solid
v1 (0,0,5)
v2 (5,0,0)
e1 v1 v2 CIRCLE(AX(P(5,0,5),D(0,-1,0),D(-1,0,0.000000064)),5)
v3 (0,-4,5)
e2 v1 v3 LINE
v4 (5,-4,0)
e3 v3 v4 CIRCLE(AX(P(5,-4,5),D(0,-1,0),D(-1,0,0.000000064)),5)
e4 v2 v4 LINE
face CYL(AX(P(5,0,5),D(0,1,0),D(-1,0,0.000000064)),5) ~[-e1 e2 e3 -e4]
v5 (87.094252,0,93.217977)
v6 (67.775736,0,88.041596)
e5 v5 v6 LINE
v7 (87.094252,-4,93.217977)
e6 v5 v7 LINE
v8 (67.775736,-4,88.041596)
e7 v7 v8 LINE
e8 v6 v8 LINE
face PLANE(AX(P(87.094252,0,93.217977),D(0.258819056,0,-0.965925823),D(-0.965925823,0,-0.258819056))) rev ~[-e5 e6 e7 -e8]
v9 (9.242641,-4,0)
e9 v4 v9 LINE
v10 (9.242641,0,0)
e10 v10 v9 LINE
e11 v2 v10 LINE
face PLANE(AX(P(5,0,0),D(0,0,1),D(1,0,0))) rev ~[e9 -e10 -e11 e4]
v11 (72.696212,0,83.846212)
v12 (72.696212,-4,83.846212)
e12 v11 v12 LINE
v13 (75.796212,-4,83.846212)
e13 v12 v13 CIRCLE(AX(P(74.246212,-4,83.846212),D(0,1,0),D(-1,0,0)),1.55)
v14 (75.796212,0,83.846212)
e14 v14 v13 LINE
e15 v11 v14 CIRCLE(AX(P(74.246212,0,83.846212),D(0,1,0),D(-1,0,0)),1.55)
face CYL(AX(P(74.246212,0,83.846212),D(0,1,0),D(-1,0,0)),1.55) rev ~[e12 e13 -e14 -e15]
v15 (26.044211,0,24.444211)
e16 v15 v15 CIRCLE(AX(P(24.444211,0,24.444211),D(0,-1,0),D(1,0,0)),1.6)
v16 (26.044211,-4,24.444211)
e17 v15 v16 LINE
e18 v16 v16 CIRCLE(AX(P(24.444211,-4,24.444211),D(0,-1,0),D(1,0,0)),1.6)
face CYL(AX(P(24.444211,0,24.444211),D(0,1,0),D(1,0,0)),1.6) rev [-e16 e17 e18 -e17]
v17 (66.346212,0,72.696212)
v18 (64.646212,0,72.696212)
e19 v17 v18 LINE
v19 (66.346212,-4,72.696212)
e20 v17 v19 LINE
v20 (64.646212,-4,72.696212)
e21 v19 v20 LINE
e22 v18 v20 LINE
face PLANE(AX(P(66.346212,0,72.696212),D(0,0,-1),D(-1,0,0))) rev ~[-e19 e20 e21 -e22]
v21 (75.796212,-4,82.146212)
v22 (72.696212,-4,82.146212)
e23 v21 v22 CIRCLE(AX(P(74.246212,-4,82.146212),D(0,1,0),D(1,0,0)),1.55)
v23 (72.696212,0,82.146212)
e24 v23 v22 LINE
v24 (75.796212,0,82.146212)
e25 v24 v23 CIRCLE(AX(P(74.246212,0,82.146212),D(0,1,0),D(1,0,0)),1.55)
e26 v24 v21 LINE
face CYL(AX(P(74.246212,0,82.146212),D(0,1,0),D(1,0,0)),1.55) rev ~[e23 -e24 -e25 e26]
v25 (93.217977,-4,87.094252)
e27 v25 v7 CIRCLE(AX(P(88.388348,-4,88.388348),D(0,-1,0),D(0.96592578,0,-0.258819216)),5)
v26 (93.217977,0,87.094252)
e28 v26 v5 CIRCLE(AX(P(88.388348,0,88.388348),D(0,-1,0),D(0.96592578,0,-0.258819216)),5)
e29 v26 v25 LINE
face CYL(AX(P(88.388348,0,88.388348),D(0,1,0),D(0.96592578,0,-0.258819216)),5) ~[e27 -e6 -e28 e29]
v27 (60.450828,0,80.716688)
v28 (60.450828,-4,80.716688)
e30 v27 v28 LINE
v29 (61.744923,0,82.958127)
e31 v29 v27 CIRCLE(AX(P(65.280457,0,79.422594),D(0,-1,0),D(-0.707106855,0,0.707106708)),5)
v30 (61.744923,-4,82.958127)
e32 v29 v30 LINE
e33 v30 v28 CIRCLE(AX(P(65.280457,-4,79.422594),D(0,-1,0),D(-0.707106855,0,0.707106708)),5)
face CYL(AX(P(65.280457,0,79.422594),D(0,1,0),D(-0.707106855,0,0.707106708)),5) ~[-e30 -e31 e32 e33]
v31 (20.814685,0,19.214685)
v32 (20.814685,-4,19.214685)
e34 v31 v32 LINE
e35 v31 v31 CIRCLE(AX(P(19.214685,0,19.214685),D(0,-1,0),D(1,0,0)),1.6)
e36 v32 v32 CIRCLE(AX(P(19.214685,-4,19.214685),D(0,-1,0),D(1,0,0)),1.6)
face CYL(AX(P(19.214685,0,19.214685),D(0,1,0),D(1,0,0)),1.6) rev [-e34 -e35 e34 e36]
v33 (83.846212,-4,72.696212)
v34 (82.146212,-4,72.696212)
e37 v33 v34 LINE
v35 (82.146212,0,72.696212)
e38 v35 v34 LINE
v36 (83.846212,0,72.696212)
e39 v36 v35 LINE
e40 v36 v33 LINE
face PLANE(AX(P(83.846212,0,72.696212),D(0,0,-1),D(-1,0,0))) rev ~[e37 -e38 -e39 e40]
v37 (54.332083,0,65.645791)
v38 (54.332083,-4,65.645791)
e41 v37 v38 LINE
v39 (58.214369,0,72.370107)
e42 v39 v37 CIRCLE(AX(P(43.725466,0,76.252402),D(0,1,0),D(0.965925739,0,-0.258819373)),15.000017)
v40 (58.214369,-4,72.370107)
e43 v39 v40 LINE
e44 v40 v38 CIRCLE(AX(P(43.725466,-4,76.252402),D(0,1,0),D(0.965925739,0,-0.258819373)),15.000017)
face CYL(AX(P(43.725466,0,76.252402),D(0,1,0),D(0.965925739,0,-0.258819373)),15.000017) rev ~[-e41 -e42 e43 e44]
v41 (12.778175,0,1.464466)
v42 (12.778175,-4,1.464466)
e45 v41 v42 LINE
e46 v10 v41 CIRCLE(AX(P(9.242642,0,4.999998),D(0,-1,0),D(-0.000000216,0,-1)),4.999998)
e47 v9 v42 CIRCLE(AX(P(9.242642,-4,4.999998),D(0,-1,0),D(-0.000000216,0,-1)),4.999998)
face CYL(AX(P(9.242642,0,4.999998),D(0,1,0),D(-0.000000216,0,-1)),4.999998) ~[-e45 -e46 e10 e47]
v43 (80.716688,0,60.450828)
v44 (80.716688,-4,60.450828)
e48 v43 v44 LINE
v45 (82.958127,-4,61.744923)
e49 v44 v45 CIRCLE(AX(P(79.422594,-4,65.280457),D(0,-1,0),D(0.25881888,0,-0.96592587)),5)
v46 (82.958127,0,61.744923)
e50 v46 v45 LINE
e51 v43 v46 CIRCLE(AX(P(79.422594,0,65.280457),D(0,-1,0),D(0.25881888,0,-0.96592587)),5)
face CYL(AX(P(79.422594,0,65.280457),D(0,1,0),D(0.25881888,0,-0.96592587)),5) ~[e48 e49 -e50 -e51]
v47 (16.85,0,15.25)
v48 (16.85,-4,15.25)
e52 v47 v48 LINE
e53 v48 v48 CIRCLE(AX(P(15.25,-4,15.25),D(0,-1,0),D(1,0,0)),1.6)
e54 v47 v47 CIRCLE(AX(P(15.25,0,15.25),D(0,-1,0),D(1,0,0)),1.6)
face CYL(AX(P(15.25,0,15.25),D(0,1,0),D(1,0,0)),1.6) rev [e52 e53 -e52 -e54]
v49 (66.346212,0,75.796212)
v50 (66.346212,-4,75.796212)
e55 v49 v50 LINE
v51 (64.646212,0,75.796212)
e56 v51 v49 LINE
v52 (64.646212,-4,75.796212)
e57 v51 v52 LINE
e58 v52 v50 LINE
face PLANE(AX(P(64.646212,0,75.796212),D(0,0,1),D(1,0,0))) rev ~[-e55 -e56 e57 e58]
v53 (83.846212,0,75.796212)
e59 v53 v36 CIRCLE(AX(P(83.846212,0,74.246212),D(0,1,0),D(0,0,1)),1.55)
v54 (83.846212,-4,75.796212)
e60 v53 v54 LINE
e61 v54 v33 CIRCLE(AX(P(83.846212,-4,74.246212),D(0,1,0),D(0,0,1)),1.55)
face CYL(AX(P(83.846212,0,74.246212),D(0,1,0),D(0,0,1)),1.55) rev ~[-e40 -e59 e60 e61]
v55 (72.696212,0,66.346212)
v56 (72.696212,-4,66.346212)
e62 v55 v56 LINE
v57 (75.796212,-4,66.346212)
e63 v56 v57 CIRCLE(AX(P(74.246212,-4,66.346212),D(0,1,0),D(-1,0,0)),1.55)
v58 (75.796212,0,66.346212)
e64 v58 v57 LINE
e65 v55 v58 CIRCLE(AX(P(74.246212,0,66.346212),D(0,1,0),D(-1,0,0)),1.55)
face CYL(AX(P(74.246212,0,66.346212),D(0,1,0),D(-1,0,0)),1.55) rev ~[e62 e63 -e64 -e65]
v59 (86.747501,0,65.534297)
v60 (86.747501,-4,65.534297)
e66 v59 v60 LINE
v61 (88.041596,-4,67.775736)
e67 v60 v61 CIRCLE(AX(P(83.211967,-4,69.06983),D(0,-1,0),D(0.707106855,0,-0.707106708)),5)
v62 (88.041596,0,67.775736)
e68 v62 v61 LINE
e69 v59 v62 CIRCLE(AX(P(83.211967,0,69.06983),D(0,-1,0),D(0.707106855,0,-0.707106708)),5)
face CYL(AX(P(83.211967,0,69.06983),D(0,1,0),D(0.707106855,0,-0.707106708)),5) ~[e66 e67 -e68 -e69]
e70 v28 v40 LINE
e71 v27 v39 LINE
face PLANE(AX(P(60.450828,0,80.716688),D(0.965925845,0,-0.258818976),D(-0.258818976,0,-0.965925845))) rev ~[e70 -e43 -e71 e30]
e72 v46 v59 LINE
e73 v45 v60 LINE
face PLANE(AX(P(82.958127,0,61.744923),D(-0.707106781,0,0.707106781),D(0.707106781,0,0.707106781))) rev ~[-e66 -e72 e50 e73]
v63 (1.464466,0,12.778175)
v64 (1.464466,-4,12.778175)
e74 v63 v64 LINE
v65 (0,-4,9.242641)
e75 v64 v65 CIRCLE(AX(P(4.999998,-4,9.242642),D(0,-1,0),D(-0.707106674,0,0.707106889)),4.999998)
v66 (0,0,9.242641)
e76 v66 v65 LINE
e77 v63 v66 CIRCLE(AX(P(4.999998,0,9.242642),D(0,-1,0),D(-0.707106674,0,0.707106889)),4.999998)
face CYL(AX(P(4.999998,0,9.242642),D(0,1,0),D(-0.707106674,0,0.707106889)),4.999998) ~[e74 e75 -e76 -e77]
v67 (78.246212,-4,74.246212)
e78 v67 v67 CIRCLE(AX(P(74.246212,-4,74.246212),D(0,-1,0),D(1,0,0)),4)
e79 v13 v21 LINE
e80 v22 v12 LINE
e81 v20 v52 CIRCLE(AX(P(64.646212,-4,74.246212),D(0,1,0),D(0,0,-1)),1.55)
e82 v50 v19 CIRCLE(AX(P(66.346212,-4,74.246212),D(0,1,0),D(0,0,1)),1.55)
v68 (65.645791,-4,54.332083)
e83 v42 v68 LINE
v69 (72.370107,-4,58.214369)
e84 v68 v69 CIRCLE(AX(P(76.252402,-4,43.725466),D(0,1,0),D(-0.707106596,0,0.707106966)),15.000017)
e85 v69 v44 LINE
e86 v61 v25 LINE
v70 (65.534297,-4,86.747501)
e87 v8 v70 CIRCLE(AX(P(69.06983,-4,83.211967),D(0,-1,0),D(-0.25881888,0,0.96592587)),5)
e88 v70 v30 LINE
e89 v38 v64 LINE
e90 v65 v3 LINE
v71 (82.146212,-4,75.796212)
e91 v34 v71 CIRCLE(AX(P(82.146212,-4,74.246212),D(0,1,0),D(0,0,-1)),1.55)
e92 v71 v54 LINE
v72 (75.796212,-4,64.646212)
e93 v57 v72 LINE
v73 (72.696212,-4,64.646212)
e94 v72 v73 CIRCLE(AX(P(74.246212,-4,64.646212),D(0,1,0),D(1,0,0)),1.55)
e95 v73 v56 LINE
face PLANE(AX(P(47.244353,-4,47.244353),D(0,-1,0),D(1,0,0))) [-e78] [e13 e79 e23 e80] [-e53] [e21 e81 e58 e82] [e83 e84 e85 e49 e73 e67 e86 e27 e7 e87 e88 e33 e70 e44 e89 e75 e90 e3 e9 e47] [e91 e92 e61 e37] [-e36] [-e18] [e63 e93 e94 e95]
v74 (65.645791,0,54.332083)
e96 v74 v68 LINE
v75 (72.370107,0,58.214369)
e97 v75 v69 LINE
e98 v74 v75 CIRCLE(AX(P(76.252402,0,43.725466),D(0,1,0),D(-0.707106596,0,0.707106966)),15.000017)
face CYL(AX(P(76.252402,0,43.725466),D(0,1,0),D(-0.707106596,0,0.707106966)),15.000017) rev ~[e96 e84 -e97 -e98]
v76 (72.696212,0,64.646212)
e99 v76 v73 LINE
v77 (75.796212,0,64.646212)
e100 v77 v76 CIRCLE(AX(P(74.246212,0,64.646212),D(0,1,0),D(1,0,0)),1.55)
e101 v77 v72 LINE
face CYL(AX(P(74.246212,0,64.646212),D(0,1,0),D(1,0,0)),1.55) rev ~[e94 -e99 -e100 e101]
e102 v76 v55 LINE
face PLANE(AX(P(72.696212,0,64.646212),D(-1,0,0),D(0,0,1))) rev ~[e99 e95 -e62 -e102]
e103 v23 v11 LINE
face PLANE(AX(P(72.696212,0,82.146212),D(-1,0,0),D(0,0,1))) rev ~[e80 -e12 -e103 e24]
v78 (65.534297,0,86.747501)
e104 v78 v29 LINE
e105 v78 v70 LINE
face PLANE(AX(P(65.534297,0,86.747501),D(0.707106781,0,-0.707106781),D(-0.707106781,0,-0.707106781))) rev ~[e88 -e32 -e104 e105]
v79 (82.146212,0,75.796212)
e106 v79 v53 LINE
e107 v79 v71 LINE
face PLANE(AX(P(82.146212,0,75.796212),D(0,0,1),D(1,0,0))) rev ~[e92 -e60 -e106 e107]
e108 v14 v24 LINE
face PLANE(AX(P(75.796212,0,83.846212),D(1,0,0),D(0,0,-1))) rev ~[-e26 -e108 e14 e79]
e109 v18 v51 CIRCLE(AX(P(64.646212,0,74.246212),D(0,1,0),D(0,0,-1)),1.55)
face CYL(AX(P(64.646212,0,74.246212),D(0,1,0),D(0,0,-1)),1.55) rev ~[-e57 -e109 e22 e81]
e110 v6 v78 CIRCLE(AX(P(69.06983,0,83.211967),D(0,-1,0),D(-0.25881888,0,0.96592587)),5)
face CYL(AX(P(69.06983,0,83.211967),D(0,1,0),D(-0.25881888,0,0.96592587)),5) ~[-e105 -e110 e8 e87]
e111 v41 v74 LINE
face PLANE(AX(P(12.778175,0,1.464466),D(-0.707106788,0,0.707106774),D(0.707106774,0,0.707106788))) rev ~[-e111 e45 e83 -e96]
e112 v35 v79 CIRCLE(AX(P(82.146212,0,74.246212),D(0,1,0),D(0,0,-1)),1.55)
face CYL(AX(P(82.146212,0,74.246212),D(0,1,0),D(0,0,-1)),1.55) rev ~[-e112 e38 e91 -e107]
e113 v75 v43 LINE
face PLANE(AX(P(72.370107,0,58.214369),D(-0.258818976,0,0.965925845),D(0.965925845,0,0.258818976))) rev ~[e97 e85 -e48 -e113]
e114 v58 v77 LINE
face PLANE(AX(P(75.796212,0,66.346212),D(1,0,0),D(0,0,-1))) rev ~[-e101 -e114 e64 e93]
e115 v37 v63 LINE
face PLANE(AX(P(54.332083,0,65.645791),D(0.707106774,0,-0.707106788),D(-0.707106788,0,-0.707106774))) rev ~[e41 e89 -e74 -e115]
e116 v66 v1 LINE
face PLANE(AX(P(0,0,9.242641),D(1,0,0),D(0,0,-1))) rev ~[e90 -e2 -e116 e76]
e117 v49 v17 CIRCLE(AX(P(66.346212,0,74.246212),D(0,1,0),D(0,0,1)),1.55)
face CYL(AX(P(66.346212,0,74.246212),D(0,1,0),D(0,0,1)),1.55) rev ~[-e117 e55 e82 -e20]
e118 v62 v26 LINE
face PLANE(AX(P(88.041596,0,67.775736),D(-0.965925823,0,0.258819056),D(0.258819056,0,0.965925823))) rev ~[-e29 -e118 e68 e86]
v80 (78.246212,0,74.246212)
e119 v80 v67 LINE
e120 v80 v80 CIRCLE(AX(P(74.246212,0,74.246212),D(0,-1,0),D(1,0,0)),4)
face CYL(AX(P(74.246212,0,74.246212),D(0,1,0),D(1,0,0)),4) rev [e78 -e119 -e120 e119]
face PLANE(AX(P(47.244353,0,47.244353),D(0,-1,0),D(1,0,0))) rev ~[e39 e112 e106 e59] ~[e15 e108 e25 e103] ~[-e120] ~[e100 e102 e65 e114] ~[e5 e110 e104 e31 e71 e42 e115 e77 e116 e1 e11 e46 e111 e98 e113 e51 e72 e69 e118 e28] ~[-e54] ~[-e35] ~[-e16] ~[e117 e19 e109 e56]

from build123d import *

# Parameters (mm, degrees)
F0_R     = 1.6
F0_R_2   = 4
F1_DEPTH = 4


with BuildPart() as f1:
    # F0 (on Front) → F1 (new body)
    with BuildSketch(Plane.XZ):
        with BuildLine():
            Line((54.332083, 65.645791), (1.464466, 12.778175))
            ThreePointArc((1.464466, 12.778175), (0.380602, 11.156058), (0, 9.242641))
            Line((0, 9.242641), (0, 5))
            ThreePointArc((0, 5), (1.464466, 1.464466), (5, 0))
            Line((5, 0), (9.242641, 0))
            ThreePointArc((9.242641, 0), (11.156058, 0.380602), (12.778175, 1.464466))
            Line((12.778175, 1.464466), (65.645791, 54.332083))
            ThreePointArc((65.645791, 54.332083), (68.752393, 56.715862), (72.370107, 58.214369))
            Line((72.370107, 58.214369), (80.716688, 60.450828))
            ThreePointArc((80.716688, 60.450828), (81.922593, 60.95033), (82.958127, 61.744923))
            Line((82.958127, 61.744923), (86.747501, 65.534297))
            ThreePointArc((86.747501, 65.534297), (87.542094, 66.569831), (88.041596, 67.775736))
            Line((88.041596, 67.775736), (93.217977, 87.094252))
            ThreePointArc((93.217977, 87.094252), (91.923882, 91.923882), (87.094252, 93.217977))
            Line((87.094252, 93.217977), (67.775736, 88.041596))
            ThreePointArc((67.775736, 88.041596), (66.569831, 87.542094), (65.534297, 86.747501))
            Line((65.534297, 86.747501), (61.744923, 82.958127))
            ThreePointArc((61.744923, 82.958127), (60.95033, 81.922593), (60.450828, 80.716688))
            Line((60.450828, 80.716688), (58.214369, 72.370107))
            ThreePointArc((58.214369, 72.370107), (56.715862, 68.752393), (54.332083, 65.645791))
        make_face()
        with Locations((15.25, 15.25)):
            Circle(F0_R, mode=Mode.SUBTRACT)
        with Locations((19.214685, 19.214685)):
            Circle(F0_R, mode=Mode.SUBTRACT)
        with Locations((24.444211, 24.444211)):
            Circle(F0_R, mode=Mode.SUBTRACT)
        with BuildLine():
            ThreePointArc((75.796212, 64.646212), (74.246212, 63.096212), (72.696212, 64.646212))
            Line((72.696212, 64.646212), (72.696212, 66.346212))
            ThreePointArc((72.696212, 66.346212), (74.246212, 67.896212), (75.796212, 66.346212))
            Line((75.796212, 66.346212), (75.796212, 64.646212))
        make_face(mode=Mode.SUBTRACT)
        with BuildLine():
            ThreePointArc((64.646212, 72.696212), (63.096212, 74.246212), (64.646212, 75.796212))
            Line((64.646212, 75.796212), (66.346212, 75.796212))
            ThreePointArc((66.346212, 75.796212), (67.896212, 74.246212), (66.346212, 72.696212))
            Line((66.346212, 72.696212), (64.646212, 72.696212))
        make_face(mode=Mode.SUBTRACT)
        with Locations((74.246212, 74.246212)):
            Circle(F0_R_2, mode=Mode.SUBTRACT)
        with BuildLine():
            ThreePointArc((83.846212, 75.796212), (85.396212, 74.246212), (83.846212, 72.696212))
            Line((83.846212, 72.696212), (82.146212, 72.696212))
            ThreePointArc((82.146212, 72.696212), (80.596212, 74.246212), (82.146212, 75.796212))
            Line((82.146212, 75.796212), (83.846212, 75.796212))
        make_face(mode=Mode.SUBTRACT)
        with BuildLine():
            ThreePointArc((72.696212, 83.846212), (74.246212, 85.396212), (75.796212, 83.846212))
            Line((75.796212, 83.846212), (75.796212, 82.146212))
            ThreePointArc((75.796212, 82.146212), (74.246212, 80.596212), (72.696212, 82.146212))
            Line((72.696212, 82.146212), (72.696212, 83.846212))
        make_face(mode=Mode.SUBTRACT)
    extrude(amount=F1_DEPTH)


solid = f1.part
